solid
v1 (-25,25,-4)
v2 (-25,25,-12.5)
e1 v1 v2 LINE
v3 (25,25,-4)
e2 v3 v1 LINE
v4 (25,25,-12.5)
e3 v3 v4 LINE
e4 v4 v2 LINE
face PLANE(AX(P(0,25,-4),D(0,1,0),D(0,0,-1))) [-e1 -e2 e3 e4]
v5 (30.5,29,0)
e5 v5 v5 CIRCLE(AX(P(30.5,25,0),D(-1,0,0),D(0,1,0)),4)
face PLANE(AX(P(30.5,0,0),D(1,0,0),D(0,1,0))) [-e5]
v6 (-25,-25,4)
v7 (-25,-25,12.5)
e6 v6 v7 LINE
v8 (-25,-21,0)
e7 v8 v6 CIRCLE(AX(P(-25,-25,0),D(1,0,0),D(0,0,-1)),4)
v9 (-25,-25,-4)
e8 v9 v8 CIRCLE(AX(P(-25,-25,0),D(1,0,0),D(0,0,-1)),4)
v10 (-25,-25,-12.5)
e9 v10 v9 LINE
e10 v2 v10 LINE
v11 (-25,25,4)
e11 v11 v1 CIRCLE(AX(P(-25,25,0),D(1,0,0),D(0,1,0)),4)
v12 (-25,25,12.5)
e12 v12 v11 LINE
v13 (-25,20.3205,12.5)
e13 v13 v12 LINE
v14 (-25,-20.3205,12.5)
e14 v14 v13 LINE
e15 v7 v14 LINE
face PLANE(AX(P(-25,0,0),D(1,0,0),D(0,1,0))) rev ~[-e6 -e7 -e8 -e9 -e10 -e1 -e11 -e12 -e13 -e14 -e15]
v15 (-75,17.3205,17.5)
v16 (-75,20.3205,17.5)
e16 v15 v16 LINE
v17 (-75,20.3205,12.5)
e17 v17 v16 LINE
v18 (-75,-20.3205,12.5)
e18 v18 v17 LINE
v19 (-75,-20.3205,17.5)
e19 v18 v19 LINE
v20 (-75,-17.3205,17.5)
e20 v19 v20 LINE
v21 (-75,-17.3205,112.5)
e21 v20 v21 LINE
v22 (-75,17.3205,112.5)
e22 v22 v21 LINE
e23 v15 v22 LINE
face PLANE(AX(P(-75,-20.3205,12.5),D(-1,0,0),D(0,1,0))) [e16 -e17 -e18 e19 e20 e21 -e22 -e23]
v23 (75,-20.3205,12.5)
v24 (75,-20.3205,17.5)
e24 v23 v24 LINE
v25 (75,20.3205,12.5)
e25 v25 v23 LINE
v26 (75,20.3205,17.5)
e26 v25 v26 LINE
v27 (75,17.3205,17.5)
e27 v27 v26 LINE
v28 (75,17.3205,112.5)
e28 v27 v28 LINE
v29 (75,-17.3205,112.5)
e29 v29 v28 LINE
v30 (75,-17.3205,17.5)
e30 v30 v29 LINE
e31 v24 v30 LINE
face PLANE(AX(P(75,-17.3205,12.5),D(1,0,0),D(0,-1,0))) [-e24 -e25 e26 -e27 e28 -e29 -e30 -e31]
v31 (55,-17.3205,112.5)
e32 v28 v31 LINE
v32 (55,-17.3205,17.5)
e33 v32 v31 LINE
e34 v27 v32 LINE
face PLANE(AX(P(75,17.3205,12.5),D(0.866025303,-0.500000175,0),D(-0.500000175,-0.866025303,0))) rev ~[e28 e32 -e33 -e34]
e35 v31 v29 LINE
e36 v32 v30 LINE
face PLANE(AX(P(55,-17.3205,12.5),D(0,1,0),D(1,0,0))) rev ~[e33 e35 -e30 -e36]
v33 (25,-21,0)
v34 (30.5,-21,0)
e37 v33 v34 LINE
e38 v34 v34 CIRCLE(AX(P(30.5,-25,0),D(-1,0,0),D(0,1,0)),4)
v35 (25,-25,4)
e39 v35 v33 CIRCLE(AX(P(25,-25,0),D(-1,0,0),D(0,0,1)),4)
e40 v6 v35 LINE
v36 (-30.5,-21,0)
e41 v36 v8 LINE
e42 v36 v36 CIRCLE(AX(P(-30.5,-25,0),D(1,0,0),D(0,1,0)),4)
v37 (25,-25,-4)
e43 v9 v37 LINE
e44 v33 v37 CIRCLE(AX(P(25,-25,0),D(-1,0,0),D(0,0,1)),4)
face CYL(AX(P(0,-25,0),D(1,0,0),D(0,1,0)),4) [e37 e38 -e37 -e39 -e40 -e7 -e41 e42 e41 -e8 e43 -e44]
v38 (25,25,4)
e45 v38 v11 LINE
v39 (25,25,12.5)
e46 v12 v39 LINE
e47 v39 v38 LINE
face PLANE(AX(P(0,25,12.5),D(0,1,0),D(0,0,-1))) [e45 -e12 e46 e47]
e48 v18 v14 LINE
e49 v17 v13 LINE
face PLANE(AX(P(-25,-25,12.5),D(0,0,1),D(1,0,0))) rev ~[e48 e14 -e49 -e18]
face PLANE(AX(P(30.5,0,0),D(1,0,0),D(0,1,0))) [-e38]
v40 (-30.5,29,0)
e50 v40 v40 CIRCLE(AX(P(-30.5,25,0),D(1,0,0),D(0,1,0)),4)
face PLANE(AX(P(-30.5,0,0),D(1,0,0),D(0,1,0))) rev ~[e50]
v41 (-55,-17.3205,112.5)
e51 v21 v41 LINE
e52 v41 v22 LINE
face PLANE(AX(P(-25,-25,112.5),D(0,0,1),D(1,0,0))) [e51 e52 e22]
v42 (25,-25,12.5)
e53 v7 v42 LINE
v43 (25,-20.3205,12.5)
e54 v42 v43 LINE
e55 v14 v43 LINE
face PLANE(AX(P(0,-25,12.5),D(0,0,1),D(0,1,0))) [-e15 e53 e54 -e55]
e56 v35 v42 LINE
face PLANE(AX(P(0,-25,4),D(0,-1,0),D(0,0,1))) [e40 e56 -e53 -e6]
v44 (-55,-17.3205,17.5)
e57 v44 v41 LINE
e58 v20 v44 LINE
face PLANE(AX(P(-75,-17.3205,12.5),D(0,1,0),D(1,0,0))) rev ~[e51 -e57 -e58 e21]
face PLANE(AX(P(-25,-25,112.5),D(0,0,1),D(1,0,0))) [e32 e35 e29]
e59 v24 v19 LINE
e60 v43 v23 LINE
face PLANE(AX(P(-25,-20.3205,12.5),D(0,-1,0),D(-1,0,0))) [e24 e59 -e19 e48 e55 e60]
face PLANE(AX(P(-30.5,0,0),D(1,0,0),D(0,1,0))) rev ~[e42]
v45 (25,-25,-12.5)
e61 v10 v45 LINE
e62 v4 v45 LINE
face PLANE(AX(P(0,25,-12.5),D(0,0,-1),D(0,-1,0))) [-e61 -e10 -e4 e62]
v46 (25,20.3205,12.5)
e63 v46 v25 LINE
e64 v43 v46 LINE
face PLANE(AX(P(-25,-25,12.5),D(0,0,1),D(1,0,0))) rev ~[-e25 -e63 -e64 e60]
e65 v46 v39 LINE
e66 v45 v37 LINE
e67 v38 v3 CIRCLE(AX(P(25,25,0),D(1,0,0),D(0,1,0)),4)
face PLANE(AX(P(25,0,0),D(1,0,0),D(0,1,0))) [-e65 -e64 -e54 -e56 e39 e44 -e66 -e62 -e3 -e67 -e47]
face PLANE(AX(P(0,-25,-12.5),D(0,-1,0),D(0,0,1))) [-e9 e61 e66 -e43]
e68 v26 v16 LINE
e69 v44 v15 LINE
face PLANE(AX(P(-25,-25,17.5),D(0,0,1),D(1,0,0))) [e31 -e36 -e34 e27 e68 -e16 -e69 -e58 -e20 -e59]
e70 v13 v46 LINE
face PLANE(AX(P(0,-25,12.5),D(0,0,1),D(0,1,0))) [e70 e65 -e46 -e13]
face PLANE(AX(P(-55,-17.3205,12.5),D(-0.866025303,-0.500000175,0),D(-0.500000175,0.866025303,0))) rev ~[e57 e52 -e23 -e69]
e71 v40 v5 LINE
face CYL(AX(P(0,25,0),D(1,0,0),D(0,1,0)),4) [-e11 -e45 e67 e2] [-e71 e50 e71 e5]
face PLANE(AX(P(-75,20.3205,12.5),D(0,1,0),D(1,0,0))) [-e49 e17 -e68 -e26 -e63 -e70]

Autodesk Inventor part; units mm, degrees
ref_plane "YZ Plane" through (0, 0, 0) normal (1, 0, 0) x (0, 1, 0)
ref_plane "XZ Plane" through (0, 0, 0) normal (0, 1, 0) x (-1, 0, 0)
ref_plane "XY Plane" through (0, 0, 0) normal (0, 0, 1) x (1, 0, 0)
sketch "Esquisse1" plane through (0, 0, 0) normal (1, 0, 0) x (0, 1, 0)
  line L0 (25, -12.5) -> (-25, -12.5)
  line L1 (-25, -12.5) -> (-25, 12.5)
  line L2 (-25, 12.5) -> (25, 12.5)
  line L3 (25, 12.5) -> (25, -12.5)
  line L4 (25, -12.5) -> (-25, 12.5) construction
  line L5 (-25, -12.5) -> (25, 12.5) construction
  circle A0 centre (25, 0) radius 12.5
  circle A1 centre (25, 0) radius 4
  circle A2 centre (-25, 0) radius 4
  circle A3 centre (-25, 0) radius 12.5
  point P0 (0, 0)
  point P1 (-25, -12.5)
  point P2 (25, -12.5)
  point P3 (25, -4)
  point P4 (25, 4)
  point P5 (-25, 4)
  point P6 (-25, -4)
  dimension "d1" = 25
  dimension "d0" = 8
  dimension "d2" = 50
extrude "Extrusion1" add sketch "Esquisse1" along normal mid plane 61 contours A1 L3 | L3 A1 | A2 L1 | L1 A2
extrude "Extrusion2" add sketch "Esquisse1" along normal mid plane 50 contours A0 L3 A1 | L0 A3 L2 A0 | L1 A2 A3 picked at (24.0029, -9.5456) picked at (-15.4378, -0.9272)
sketch "Esquisse2" plane through (-25, -25, 12.5) normal (0, 0, 1) x (1, 0, 0)
  line L0 (0, 0) -> (0, 50) projected
  line L1 (50, 50) -> (50, 0) projected
  line L2 (0, 0) -> (50, 0) projected
  line L3 (-50, 7.6795) -> (-30, 7.6795)
  line L4 (-30, 7.6795) -> (25, 7.6795)
  line L5 (25, 7.6795) -> (80, 7.6795)
  line L6 (80, 7.6795) -> (100, 7.6795)
  line L7 (100, 7.6795) -> (100, 42.3205)
  line L8 (100, 42.3205) -> (80, 7.6795)
  line L9 (-30, 7.6795) -> (-50, 42.3205)
  line L10 (-50, 42.3205) -> (-50, 7.6795)
  line L11 (25, -15.6) -> (25, 65.6) projected
  line L12 (-50, 45.3205) -> (100, 45.3205)
  line L13 (100, 45.3205) -> (100, 4.6795)
  line L14 (100, 4.6795) -> (-50, 4.6795)
  line L15 (-50, 4.6795) -> (-50, 45.3205)
  line L16 (-50, 42.3205) -> (-50, 45.3205) construction
  line L17 (-50, 7.6795) -> (-50, 4.6795) construction
  line L18 (100, 42.3205) -> (100, 45.3205) construction
  line L19 (100, 7.6795) -> (100, 4.6795) construction
  line L20 (-50, 4.6795) -> (25, 25) construction
  line L21 (25, 25) -> (100, 45.3205) construction
  dimension "d14" = 34.641
  dimension "d15" = 110
  dimension "d16" = 20
  dimension "d17" = 17.3205
  dimension "d18" = 60
  dimension "d22" = 3
extrude "Extrusion3" add sketch "Esquisse2" along normal blind 100 contours L3 L10 L9 | L8 L7 L6
extrude "Extrusion4" add sketch "Esquisse2" along normal blind 5 contours L14 L15 L3 L4 L0 | L0 L4 L11 L14 | L4 L9 L15 L12 L0 | L0 L12 L11 L4 | L11 L5 L1 L14 | L3 L10 L9 | L11 L12 L1 L5 | L1 L5 L6 L13 L14 | L1 L12 L13 L8 L5 | L8 L7 L6
properties part number "Doigt trans"
